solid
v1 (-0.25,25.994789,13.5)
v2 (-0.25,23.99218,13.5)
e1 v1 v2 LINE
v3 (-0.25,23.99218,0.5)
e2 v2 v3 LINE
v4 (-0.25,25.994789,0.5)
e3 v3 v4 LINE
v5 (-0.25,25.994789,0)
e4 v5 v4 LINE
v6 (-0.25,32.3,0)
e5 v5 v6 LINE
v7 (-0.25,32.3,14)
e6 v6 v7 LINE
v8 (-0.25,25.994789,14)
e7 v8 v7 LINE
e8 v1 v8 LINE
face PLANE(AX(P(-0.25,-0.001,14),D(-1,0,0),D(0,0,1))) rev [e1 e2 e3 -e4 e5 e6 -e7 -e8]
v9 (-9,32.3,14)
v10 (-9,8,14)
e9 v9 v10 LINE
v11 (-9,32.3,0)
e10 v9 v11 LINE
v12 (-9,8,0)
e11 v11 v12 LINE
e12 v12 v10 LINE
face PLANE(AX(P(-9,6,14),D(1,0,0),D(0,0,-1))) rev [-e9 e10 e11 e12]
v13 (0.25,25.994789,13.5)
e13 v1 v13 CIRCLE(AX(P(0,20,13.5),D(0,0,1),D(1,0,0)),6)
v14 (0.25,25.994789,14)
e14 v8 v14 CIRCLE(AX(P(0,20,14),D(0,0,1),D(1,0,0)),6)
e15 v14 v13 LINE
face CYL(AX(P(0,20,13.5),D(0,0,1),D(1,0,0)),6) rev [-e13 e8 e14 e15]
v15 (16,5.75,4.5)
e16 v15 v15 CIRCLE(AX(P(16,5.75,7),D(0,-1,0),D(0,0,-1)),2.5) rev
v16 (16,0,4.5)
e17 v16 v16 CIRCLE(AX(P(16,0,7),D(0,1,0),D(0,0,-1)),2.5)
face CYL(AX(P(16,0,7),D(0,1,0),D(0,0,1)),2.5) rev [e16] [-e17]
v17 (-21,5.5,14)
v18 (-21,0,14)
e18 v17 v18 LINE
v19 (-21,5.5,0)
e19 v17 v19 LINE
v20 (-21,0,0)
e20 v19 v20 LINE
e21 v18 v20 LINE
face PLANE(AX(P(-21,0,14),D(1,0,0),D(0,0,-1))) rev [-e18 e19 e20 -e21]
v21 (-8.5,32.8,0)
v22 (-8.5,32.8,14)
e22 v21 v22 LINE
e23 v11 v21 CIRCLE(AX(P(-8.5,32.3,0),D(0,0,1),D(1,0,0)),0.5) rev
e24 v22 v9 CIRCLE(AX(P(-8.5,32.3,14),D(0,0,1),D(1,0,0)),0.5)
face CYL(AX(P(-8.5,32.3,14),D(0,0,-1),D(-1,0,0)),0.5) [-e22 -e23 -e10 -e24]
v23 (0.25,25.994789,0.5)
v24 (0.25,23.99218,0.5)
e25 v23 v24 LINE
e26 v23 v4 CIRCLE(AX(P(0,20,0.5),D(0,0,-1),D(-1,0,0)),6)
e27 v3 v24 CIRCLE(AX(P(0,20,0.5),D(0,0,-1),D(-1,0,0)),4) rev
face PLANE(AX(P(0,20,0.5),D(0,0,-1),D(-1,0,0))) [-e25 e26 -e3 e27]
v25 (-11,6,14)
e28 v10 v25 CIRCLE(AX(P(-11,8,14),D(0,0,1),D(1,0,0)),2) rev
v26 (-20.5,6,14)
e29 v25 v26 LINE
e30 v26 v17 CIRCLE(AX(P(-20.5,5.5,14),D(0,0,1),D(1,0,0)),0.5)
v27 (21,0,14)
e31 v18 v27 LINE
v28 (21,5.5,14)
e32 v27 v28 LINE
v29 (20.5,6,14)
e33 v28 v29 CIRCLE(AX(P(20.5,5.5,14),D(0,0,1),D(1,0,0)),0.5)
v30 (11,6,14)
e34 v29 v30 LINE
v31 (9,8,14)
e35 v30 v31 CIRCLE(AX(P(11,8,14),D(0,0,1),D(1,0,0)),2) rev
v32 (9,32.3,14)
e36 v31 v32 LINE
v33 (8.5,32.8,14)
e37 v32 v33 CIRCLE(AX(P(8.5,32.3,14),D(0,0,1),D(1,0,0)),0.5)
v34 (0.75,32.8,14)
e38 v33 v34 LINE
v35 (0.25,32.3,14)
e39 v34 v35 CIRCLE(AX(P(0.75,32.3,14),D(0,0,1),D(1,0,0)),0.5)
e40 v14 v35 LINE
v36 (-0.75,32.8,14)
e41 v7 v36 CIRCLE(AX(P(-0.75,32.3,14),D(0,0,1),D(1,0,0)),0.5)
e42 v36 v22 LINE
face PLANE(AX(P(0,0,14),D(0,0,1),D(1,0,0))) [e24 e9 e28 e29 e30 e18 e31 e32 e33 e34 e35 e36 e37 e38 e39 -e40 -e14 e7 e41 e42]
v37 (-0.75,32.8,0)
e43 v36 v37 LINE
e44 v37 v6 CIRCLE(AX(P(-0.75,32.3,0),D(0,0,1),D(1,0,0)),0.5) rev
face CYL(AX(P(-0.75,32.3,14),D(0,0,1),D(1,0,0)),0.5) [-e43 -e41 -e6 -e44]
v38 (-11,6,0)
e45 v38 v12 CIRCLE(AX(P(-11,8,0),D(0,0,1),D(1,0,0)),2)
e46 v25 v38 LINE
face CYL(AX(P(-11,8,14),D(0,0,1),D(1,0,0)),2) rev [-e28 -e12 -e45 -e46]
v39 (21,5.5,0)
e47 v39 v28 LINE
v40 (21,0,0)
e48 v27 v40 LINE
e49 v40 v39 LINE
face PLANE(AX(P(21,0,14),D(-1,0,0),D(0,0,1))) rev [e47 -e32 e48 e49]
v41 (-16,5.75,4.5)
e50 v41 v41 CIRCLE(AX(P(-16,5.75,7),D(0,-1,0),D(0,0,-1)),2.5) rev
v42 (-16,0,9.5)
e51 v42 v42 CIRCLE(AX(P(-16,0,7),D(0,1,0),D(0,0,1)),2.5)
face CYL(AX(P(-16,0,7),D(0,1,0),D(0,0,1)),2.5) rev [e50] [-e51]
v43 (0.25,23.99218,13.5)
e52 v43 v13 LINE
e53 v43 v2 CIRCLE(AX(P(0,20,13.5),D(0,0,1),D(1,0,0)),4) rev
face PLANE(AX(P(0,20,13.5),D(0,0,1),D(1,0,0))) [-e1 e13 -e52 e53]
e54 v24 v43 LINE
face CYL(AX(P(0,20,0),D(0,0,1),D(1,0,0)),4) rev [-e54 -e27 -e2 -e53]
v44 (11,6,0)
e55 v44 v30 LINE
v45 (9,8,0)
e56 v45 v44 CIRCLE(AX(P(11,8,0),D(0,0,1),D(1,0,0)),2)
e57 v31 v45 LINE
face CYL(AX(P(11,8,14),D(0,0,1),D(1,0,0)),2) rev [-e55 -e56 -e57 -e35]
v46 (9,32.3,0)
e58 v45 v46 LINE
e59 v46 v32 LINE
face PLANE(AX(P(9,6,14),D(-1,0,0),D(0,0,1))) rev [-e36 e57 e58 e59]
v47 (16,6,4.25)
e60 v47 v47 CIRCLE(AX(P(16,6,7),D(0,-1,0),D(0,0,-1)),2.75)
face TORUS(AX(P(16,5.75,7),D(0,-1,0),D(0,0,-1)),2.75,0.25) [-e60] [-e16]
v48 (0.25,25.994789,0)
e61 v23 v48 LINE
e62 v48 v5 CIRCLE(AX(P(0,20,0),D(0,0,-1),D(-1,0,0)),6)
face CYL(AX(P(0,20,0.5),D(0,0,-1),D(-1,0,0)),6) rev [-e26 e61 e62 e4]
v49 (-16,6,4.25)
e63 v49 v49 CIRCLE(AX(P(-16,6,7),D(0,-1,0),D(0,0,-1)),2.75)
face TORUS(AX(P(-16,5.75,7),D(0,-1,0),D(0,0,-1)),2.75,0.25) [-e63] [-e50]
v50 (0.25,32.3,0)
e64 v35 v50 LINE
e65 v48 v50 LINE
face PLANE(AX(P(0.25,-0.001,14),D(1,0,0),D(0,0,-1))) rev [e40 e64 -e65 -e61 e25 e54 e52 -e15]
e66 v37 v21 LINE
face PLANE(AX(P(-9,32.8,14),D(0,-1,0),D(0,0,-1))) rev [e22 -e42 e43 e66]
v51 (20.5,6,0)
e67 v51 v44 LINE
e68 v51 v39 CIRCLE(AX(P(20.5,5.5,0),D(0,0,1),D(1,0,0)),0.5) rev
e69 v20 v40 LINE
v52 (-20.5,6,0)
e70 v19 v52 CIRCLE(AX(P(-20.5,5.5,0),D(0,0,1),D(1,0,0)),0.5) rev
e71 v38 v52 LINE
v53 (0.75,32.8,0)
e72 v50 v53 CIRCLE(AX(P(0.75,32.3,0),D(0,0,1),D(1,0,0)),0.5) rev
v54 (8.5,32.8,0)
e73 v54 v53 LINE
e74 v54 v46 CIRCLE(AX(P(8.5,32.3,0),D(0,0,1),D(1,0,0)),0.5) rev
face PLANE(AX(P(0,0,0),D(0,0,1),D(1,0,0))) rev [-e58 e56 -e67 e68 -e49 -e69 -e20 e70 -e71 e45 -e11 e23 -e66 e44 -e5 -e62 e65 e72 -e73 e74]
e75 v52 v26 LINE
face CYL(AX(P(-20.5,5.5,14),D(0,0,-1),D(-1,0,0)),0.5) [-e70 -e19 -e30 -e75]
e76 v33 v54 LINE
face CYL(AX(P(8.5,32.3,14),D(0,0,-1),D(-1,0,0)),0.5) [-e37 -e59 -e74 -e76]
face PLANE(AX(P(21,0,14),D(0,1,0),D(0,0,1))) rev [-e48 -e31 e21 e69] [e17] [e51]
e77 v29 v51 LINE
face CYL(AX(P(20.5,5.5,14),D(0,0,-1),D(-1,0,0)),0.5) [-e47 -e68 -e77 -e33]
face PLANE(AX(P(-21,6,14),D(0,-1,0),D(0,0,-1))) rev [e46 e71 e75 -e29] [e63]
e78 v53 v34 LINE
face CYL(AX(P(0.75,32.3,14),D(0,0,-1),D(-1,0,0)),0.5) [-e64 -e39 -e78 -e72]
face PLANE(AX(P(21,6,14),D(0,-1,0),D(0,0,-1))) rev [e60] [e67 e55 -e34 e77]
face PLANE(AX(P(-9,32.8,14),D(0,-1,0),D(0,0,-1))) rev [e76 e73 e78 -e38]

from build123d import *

# Parameters (mm, degrees)
BOSS_EXTRUDE1_DEPTH     = 14
SKETCH2_R               = 4
CUT_EXTRUDE1_DEPTH      = 42.386471219
SKETCH3_R               = 6
CUT_EXTRUDE2_DEPTH      = 0.5
CUT_EXTRUDE3_START      = -0.5
SKETCH4_R               = 6
CUT_EXTRUDE3_DEPTH      = 0.5
SKETCH5_R               = 2.5
CUT_EXTRUDE4_DEPTH      = 37.813584449
CUT_EXTRUDE5_REACH      = 43.386
CUT_EXTRUDE5_END_RADIUS = 4
SKETCH7_W               = 0.5
SKETCH7_H               = 14
FILLET1_R               = 2
FILLET2_R               = 0.5
FILLET3_R               = 0.25


with BuildPart() as part:
    # Sketch1 → Boss-Extrude1 (new body)
    with BuildSketch(Plane.XY):
        Polygon((21, 0), (-21, 0), (-21, 6), (-9, 6), (-9, 32.8), (9, 32.8), (9, 6), (21, 6), align=None)
    extrude(amount=BOSS_EXTRUDE1_DEPTH)

    # Sketch2 → Cut-Extrude1 (cut, through all)
    with BuildSketch(Plane.XY.offset(14)):
        with Locations((0, 20)):
            Circle(SKETCH2_R)
    extrude(amount=-CUT_EXTRUDE1_DEPTH, mode=Mode.SUBTRACT)

    # Sketch3 → Cut-Extrude2 (cut)
    with BuildSketch(Plane.XY.offset(14)):
        with Locations((0, 20)):
            Circle(SKETCH3_R)
    extrude(amount=-CUT_EXTRUDE2_DEPTH, mode=Mode.SUBTRACT)

    # Sketch4 → Cut-Extrude3 (cut)
    with BuildSketch(Plane(origin=(0, 0, 0), x_dir=(-1, 0, 0), z_dir=(0, 0, -1)).offset(CUT_EXTRUDE3_START)):
        with Locations(Location((0, 20, 0), (0, 0, 180))):
            Circle(SKETCH4_R)
    extrude(amount=CUT_EXTRUDE3_DEPTH, mode=Mode.SUBTRACT)

    # Sketch5 → Cut-Extrude4 (cut, through all)
    with BuildSketch(Plane(origin=(0, 6, 0), x_dir=(1, 0, 0), z_dir=(0, 1, 0))):
        with Locations(Location((-16, -7, 0), (0, 0, 270))):
            Circle(SKETCH5_R)
        with Locations(Location((16, -7, 0), (0, 0, 90))):
            Circle(SKETCH5_R)
    extrude(amount=-CUT_EXTRUDE4_DEPTH, mode=Mode.SUBTRACT)

    # Cut-Extrude5: up to this cylinder (the profile starts outside it)
    cut_extrude5_end = Plane(origin=(0, 20, 7), z_dir=(0, 0, 1)) * Cylinder(CUT_EXTRUDE5_END_RADIUS, 95.772, mode=Mode.PRIVATE)
    # Sketch7 → Cut-Extrude5 (cut, up to the surface)
    with BuildSketch(Plane(origin=(0, 32.8, 0), x_dir=(1, 0, 0), z_dir=(0, 1, 0)), mode=Mode.PRIVATE) as cut_extrude5_sk1:
        with Locations((0, -7)):
            Rectangle(SKETCH7_W, SKETCH7_H)
    cut_extrude5_tool1 = extrude(cut_extrude5_sk1.sketch, amount=-CUT_EXTRUDE5_REACH, mode=Mode.PRIVATE) - cut_extrude5_end
    add(cut_extrude5_tool1.solids().sort_by_distance((0, 32.8, 7))[0], mode=Mode.SUBTRACT)

    # Fillet1
    fillet1_edges = [part.edges().sort_by_distance(p)[0] for p in [
        (-9, 6, 7),
        (9, 6, 7),
    ]]
    fillet(fillet1_edges, radius=FILLET1_R)

    # Fillet2
    fillet2_edges = [part.edges().sort_by_distance(p)[0] for p in [
        (-9, 32.8, 7),
        (9, 32.8, 7),
        (21, 6, 7),
        (-21, 6, 7),
        (-0.25, 32.8, 7),
        (0.25, 32.8, 7),
    ]]
    fillet(fillet2_edges, radius=FILLET2_R)

    # Fillet3
    fillet3_edges = [part.edges().sort_by_distance(p)[0] for p in [
        (-16, 6, 4.5),
        (16, 6, 9.5),
    ]]
    fillet(fillet3_edges, radius=FILLET3_R)


solid = part.part
